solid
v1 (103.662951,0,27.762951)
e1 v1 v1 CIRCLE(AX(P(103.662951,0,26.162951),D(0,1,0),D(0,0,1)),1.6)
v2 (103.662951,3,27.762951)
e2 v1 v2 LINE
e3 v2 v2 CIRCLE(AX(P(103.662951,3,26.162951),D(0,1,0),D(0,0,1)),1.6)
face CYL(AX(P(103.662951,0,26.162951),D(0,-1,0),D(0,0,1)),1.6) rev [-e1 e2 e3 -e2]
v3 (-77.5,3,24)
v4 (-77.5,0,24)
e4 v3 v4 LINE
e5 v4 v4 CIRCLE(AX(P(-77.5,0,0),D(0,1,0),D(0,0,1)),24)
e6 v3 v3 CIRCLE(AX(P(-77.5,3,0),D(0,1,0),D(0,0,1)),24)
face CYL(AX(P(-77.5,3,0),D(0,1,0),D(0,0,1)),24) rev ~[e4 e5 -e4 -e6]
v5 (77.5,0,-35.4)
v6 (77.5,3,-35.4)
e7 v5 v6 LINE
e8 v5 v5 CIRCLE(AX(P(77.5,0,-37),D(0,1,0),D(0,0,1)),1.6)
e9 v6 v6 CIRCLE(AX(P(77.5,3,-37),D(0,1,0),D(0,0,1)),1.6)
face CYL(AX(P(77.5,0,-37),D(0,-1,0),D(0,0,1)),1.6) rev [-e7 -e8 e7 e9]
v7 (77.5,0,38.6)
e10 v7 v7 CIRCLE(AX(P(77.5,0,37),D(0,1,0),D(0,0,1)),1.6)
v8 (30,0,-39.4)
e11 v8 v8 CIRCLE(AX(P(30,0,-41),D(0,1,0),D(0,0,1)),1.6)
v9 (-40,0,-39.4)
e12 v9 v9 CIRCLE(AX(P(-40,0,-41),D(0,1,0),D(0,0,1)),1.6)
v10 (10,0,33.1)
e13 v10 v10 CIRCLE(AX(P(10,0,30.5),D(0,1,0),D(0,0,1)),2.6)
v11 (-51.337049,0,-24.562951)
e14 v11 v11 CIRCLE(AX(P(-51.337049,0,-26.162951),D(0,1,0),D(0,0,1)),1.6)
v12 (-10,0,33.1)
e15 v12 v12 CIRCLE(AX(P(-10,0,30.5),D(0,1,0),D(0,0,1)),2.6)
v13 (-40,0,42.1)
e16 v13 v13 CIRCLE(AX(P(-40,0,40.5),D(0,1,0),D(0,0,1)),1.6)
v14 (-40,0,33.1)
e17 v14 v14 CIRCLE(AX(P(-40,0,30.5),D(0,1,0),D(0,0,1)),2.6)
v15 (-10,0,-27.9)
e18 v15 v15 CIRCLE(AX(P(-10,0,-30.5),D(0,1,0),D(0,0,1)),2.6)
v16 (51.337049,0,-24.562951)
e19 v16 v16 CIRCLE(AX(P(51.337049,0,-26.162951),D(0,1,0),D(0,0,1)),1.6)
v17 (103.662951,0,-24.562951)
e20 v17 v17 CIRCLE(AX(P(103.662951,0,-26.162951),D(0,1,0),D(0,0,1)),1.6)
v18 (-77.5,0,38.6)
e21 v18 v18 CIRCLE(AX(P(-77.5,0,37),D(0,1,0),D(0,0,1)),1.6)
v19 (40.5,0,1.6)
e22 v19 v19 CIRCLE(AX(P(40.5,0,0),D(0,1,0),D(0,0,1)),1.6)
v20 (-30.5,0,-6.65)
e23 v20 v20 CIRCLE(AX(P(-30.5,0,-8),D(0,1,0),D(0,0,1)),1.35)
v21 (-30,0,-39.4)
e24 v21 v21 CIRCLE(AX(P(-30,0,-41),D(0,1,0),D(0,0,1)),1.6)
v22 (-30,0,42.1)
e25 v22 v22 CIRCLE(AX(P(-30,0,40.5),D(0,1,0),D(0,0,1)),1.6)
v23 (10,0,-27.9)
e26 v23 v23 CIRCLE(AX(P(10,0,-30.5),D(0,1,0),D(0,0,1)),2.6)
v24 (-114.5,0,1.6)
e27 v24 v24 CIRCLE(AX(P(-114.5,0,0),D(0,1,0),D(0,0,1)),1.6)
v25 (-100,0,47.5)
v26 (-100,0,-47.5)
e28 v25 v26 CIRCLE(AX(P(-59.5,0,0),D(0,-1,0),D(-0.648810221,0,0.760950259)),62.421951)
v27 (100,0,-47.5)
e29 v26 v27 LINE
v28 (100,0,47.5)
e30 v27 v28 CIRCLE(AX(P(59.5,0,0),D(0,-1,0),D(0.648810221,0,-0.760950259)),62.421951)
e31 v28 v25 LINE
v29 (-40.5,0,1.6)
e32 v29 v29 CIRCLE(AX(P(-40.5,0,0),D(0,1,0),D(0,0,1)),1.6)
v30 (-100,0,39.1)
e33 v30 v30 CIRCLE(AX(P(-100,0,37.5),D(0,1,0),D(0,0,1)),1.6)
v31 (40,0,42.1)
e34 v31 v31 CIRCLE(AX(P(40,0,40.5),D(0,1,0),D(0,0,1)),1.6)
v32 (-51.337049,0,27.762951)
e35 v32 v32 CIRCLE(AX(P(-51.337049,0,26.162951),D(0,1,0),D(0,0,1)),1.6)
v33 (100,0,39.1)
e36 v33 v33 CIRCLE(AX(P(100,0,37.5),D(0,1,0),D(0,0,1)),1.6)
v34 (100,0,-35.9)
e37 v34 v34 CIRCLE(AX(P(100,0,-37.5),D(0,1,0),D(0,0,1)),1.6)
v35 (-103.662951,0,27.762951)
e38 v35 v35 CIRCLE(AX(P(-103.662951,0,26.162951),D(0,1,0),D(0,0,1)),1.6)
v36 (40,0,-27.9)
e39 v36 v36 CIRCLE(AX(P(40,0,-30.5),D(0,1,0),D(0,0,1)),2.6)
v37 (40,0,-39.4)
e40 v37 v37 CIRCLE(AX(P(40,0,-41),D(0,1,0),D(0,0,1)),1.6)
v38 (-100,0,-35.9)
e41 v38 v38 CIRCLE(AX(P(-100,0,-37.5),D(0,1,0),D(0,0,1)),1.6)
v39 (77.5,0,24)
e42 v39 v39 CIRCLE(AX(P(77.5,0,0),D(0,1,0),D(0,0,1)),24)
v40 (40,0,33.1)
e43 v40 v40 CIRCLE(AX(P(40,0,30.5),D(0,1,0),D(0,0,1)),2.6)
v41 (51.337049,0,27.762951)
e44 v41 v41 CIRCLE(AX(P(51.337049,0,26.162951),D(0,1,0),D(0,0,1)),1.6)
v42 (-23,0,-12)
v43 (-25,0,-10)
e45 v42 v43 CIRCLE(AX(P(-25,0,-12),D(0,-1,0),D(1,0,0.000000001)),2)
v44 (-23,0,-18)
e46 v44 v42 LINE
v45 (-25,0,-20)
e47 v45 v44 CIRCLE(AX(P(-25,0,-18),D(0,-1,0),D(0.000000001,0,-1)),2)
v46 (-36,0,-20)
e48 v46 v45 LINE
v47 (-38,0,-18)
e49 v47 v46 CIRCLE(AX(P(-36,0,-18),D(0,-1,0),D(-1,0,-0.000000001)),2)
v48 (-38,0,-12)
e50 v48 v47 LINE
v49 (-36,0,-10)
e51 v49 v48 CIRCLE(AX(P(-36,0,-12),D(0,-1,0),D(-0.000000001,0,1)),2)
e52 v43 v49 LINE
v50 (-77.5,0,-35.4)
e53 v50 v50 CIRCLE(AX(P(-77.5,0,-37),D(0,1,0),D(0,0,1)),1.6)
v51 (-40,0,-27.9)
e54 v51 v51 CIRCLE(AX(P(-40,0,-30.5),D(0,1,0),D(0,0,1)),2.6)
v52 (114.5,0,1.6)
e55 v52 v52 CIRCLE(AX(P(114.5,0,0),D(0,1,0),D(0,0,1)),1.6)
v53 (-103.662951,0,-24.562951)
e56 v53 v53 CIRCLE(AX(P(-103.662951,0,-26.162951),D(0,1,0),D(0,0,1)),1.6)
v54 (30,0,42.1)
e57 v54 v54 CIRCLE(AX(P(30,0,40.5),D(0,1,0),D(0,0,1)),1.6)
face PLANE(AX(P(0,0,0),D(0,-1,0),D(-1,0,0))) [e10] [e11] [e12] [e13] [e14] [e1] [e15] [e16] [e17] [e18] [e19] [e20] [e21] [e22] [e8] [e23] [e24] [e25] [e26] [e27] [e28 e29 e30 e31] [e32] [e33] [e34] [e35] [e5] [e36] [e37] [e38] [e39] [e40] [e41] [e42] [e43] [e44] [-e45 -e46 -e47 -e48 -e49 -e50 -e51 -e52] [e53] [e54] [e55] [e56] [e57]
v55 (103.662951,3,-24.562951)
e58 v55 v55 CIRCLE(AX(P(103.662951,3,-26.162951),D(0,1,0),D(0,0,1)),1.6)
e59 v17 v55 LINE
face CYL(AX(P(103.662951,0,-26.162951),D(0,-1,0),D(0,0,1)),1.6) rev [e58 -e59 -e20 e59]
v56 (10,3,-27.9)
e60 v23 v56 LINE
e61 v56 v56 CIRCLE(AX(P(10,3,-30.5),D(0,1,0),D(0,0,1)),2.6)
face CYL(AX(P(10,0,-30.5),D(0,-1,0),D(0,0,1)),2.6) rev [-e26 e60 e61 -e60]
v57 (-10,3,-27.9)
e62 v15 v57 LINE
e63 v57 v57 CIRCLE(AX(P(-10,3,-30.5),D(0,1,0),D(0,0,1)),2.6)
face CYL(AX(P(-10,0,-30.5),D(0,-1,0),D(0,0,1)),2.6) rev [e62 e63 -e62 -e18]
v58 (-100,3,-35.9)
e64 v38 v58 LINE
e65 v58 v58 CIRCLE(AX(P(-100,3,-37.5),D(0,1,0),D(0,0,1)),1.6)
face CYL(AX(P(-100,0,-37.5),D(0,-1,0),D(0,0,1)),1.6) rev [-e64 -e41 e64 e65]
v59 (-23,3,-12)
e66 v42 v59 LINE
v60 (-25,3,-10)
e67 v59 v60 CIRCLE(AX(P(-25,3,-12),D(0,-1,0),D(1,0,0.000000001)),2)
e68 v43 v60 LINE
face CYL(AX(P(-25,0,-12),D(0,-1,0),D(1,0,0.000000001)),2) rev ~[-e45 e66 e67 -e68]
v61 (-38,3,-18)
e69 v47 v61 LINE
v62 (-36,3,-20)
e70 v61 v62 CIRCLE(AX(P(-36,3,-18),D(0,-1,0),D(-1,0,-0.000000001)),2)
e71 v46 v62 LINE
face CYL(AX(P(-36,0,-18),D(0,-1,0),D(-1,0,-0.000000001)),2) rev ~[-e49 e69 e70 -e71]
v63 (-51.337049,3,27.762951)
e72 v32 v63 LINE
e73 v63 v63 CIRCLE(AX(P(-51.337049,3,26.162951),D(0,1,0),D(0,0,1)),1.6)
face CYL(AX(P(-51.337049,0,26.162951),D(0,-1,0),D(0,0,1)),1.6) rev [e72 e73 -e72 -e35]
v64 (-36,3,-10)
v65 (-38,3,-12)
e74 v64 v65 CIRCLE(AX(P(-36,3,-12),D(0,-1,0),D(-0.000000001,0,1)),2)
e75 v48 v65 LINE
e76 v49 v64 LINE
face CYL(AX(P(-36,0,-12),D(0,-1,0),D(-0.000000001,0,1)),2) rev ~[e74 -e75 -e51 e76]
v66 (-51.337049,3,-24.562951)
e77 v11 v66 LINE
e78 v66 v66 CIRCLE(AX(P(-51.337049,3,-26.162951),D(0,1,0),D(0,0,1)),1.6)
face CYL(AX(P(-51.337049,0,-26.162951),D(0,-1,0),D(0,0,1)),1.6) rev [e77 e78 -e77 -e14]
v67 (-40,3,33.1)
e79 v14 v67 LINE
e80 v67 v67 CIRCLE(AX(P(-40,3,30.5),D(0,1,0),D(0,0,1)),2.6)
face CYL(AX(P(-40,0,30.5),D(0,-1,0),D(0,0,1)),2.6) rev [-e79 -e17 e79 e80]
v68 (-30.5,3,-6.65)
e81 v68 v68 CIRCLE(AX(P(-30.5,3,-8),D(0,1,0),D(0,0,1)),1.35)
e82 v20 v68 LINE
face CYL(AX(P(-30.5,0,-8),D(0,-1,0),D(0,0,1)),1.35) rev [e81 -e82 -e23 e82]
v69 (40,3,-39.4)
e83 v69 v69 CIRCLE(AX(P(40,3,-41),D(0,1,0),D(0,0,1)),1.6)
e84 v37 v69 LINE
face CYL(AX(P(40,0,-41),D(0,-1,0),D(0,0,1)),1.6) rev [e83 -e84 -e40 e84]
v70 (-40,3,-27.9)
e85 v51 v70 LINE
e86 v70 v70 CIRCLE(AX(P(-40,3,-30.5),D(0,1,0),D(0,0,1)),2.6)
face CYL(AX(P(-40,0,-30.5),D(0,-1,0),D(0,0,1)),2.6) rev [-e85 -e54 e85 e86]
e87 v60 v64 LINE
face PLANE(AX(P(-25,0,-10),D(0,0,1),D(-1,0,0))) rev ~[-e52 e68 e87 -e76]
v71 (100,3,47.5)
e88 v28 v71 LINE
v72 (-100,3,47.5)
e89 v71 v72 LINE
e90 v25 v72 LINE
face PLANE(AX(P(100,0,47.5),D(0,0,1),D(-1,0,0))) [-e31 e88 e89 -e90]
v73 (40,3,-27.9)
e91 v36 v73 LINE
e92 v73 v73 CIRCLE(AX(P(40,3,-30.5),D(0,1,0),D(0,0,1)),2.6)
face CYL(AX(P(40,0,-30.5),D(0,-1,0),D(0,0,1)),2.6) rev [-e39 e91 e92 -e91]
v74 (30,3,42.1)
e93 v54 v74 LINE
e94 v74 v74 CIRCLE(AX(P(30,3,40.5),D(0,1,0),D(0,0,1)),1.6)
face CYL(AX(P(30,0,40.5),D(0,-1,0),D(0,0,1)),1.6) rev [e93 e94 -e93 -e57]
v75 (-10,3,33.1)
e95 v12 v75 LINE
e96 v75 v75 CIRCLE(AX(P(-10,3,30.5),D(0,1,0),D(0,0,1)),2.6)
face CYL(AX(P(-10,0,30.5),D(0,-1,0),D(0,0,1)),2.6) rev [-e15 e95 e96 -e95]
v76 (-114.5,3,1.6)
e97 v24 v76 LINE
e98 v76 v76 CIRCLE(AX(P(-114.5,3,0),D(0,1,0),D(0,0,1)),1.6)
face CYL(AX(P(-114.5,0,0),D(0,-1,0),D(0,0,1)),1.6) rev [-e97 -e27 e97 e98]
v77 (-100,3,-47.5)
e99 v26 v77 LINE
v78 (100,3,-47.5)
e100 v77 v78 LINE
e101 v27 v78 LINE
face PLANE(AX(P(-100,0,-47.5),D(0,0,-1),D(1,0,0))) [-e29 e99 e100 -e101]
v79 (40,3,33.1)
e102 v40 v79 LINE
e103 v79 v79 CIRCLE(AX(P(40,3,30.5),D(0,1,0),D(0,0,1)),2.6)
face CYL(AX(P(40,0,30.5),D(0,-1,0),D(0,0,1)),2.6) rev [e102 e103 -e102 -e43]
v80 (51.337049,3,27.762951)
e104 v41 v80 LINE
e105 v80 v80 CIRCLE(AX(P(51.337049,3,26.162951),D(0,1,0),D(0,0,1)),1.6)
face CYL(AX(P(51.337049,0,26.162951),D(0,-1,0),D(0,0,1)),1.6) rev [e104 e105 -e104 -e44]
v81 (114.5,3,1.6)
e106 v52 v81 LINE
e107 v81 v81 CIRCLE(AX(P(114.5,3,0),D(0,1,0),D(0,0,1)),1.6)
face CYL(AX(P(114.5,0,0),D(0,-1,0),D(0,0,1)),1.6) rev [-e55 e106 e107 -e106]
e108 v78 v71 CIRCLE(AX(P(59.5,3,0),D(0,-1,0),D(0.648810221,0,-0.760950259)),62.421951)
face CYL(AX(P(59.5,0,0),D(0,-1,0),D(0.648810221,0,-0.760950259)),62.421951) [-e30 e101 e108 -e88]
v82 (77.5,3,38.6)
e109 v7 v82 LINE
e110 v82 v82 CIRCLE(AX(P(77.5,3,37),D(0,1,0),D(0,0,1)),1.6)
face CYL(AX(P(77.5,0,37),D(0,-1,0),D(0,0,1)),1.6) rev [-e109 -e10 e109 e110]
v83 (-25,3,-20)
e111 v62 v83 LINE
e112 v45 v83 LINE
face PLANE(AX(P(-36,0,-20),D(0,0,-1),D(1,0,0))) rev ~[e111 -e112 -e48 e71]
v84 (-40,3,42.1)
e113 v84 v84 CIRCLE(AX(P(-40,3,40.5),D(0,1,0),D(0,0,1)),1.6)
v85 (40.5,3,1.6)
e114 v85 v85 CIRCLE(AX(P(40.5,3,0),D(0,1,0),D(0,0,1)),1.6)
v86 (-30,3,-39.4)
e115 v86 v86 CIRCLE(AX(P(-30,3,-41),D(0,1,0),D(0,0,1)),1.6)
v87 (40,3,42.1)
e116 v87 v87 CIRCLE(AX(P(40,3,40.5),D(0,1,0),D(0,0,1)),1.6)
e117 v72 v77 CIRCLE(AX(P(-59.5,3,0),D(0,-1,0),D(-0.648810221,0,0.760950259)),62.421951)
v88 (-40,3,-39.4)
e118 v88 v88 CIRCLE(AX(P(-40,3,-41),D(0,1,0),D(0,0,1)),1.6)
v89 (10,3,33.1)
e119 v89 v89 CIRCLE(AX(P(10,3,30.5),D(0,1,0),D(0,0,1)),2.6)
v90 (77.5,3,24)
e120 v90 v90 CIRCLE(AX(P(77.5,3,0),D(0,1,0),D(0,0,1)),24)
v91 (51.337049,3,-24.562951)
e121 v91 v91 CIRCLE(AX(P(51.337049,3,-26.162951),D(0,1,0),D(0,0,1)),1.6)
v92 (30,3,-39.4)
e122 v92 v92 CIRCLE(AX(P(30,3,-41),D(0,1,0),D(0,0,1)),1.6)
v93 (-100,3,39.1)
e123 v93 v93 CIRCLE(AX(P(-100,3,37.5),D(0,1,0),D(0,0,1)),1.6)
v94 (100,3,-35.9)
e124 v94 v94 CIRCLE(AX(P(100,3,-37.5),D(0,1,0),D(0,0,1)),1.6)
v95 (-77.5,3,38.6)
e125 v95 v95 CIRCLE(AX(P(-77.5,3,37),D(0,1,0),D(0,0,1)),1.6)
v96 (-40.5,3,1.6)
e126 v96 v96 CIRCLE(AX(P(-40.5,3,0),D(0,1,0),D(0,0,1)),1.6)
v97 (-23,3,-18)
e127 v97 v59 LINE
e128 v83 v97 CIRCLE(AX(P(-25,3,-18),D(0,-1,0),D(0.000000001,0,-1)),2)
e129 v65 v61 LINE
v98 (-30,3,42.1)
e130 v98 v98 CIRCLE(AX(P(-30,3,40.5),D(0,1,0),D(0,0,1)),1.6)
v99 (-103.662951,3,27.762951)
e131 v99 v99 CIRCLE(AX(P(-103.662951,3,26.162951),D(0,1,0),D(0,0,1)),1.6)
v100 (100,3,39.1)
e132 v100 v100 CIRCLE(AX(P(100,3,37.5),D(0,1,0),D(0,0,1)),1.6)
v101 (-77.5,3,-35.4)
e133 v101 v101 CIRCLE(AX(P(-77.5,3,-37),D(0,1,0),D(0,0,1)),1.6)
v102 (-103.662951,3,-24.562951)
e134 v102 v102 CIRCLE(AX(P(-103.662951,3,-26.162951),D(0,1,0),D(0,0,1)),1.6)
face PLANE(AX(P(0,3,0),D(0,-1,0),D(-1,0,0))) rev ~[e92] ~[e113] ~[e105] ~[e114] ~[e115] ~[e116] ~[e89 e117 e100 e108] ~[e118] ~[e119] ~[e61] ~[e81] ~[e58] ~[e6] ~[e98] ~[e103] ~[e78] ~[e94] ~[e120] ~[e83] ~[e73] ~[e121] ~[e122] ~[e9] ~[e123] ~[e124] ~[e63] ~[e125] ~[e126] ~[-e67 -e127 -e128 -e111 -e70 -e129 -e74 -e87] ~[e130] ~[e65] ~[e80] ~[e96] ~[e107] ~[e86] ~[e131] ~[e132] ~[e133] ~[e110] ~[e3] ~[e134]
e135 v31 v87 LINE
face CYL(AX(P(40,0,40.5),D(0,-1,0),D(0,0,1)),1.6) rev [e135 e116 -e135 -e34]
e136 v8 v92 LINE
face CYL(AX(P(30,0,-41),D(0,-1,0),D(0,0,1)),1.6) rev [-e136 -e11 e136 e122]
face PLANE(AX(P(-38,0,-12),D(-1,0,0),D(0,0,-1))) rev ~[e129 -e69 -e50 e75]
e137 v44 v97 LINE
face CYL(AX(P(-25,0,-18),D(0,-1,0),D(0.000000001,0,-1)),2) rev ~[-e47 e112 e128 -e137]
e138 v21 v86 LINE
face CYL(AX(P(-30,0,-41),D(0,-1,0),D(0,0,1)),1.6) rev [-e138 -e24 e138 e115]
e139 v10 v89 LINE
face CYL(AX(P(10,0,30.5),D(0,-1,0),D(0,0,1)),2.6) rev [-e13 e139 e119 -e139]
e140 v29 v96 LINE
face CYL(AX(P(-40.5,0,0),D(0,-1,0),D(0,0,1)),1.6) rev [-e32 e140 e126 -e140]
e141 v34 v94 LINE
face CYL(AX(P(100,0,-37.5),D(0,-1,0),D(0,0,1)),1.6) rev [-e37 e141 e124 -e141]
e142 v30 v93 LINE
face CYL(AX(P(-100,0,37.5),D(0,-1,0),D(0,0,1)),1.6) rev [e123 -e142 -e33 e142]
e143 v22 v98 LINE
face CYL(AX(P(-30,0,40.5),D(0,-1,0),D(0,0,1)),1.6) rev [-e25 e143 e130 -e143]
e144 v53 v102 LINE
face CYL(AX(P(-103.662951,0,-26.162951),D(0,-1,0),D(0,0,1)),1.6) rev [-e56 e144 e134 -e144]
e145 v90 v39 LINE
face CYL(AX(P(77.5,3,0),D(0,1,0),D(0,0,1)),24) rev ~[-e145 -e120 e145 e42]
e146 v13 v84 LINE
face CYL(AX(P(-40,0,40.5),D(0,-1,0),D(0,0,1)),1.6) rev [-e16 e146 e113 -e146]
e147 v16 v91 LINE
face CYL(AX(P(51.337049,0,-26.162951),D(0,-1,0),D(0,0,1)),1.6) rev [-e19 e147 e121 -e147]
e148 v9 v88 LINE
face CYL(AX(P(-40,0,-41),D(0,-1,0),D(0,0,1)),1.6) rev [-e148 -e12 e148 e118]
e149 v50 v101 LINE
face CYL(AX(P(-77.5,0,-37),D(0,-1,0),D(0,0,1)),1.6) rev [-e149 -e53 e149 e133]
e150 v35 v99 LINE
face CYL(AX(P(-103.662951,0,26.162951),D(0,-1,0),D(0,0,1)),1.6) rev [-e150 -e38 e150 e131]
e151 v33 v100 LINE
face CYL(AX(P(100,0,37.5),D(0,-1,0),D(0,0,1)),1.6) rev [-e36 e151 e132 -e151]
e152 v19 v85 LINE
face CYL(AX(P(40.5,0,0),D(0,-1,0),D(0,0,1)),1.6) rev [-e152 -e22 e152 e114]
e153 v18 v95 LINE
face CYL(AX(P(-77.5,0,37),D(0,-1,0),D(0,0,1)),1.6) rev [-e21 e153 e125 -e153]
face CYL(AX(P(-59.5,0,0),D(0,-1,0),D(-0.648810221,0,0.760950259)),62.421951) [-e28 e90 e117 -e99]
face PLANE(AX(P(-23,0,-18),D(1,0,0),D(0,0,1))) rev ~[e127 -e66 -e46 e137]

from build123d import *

# Parameters (mm, degrees)
SKETCH_1_R          = 18
SKETCH_1_R_2        = 1.6
SKETCH_1_R_3        = 2.6
SKETCH_1_R_4        = 1.35
EXTRUDE_1_DEPTH     = 3
CUT_EXTRUDE_1_REACH = 132.882
SKETCH_2_R          = 24


with BuildPart() as part:
    # 草图1 → 凸台-拉伸1 (new body)
    with BuildSketch(Plane(origin=(0, 0, 0), x_dir=(1, 0, 0), z_dir=(0, 1, 0))):
        with BuildLine():
            Line((100, -47.5), (-100, -47.5))
            ThreePointArc((-100, -47.5), (-121.921951267, 0), (-100, 47.5))
            Line((-100, 47.5), (100, 47.5))
            ThreePointArc((100, 47.5), (121.921951267, 0), (100, -47.5))
        make_face()
        with Locations(Location((77.5, 0, 0), (0, 0, 270))):
            Circle(SKETCH_1_R, mode=Mode.SUBTRACT)
        with Locations(Location((77.5, 37, 0), (0, 0, 270))):
            Circle(SKETCH_1_R_2, mode=Mode.SUBTRACT)
        with Locations(Location((103.662950904, 26.162950904, 0), (0, 0, 270))):
            Circle(SKETCH_1_R_2, mode=Mode.SUBTRACT)
        with Locations(Location((114.5, 0, 0), (0, 0, 270))):
            Circle(SKETCH_1_R_2, mode=Mode.SUBTRACT)
        with Locations(Location((103.662950904, -26.162950904, 0), (0, 0, 270))):
            Circle(SKETCH_1_R_2, mode=Mode.SUBTRACT)
        with Locations(Location((77.5, -37, 0), (0, 0, 270))):
            Circle(SKETCH_1_R_2, mode=Mode.SUBTRACT)
        with Locations(Location((51.337049096, -26.162950904, 0), (0, 0, 270))):
            Circle(SKETCH_1_R_2, mode=Mode.SUBTRACT)
        with Locations(Location((40.5, 0, 0), (0, 0, 270))):
            Circle(SKETCH_1_R_2, mode=Mode.SUBTRACT)
        with Locations(Location((51.337049096, 26.162950904, 0), (0, 0, 270))):
            Circle(SKETCH_1_R_2, mode=Mode.SUBTRACT)
        with Locations(Location((-51.337049096, 26.162950904, 0), (0, 0, 270))):
            Circle(SKETCH_1_R_2, mode=Mode.SUBTRACT)
        with Locations(Location((-40.5, 0, 0), (0, 0, 270))):
            Circle(SKETCH_1_R_2, mode=Mode.SUBTRACT)
        with Locations(Location((-51.337049096, -26.162950904, 0), (0, 0, 270))):
            Circle(SKETCH_1_R_2, mode=Mode.SUBTRACT)
        with Locations(Location((-77.5, -37, 0), (0, 0, 270))):
            Circle(SKETCH_1_R_2, mode=Mode.SUBTRACT)
        with Locations(Location((-103.662950904, -26.162950904, 0), (0, 0, 270))):
            Circle(SKETCH_1_R_2, mode=Mode.SUBTRACT)
        with Locations(Location((-114.5, 0, 0), (0, 0, 270))):
            Circle(SKETCH_1_R_2, mode=Mode.SUBTRACT)
        with Locations(Location((-103.662950904, 26.162950904, 0), (0, 0, 270))):
            Circle(SKETCH_1_R_2, mode=Mode.SUBTRACT)
        with Locations(Location((-77.5, 37, 0), (0, 0, 270))):
            Circle(SKETCH_1_R_2, mode=Mode.SUBTRACT)
        with Locations(Location((-77.5, 0, 0), (0, 0, 270))):
            Circle(SKETCH_1_R, mode=Mode.SUBTRACT)
        with Locations(Location((-10, -30.5, 0), (0, 0, 270))):
            Circle(SKETCH_1_R_3, mode=Mode.SUBTRACT)
        with Locations(Location((10, -30.5, 0), (0, 0, 270))):
            Circle(SKETCH_1_R_3, mode=Mode.SUBTRACT)
        with Locations(Location((-40, -30.5, 0), (0, 0, 270))):
            Circle(SKETCH_1_R_3, mode=Mode.SUBTRACT)
        with Locations(Location((40, -30.5, 0), (0, 0, 270))):
            Circle(SKETCH_1_R_3, mode=Mode.SUBTRACT)
        with Locations(Location((40, 30.5, 0), (0, 0, 270))):
            Circle(SKETCH_1_R_3, mode=Mode.SUBTRACT)
        with Locations(Location((10, 30.5, 0), (0, 0, 270))):
            Circle(SKETCH_1_R_3, mode=Mode.SUBTRACT)
        with Locations(Location((-10, 30.5, 0), (0, 0, 270))):
            Circle(SKETCH_1_R_3, mode=Mode.SUBTRACT)
        with Locations(Location((-40, 30.5, 0), (0, 0, 270))):
            Circle(SKETCH_1_R_3, mode=Mode.SUBTRACT)
        with Locations(Location((-30, -40.5, 0), (0, 0, 270))):
            Circle(SKETCH_1_R_2, mode=Mode.SUBTRACT)
        with Locations(Location((-40, -40.5, 0), (0, 0, 270))):
            Circle(SKETCH_1_R_2, mode=Mode.SUBTRACT)
        with Locations(Location((40, -40.5, 0), (0, 0, 270))):
            Circle(SKETCH_1_R_2, mode=Mode.SUBTRACT)
        with Locations(Location((30, -40.5, 0), (0, 0, 270))):
            Circle(SKETCH_1_R_2, mode=Mode.SUBTRACT)
        with Locations(Location((-40, 41, 0), (0, 0, 270))):
            Circle(SKETCH_1_R_2, mode=Mode.SUBTRACT)
        with Locations(Location((-30, 41, 0), (0, 0, 270))):
            Circle(SKETCH_1_R_2, mode=Mode.SUBTRACT)
        with Locations(Location((30, 41, 0), (0, 0, 270))):
            Circle(SKETCH_1_R_2, mode=Mode.SUBTRACT)
        with Locations(Location((40, 41, 0), (0, 0, 270))):
            Circle(SKETCH_1_R_2, mode=Mode.SUBTRACT)
        with Locations(Location((100, 37.5, 0), (0, 0, 270))):
            Circle(SKETCH_1_R_2, mode=Mode.SUBTRACT)
        with Locations(Location((100, -37.5, 0), (0, 0, 270))):
            Circle(SKETCH_1_R_2, mode=Mode.SUBTRACT)
        with Locations(Location((-100, -37.5, 0), (0, 0, 270))):
            Circle(SKETCH_1_R_2, mode=Mode.SUBTRACT)
        with Locations(Location((-100, 37.5, 0), (0, 0, 270))):
            Circle(SKETCH_1_R_2, mode=Mode.SUBTRACT)
        with Locations(Location((-30.5, 8, 0), (0, 0, 270))):
            Circle(SKETCH_1_R_4, mode=Mode.SUBTRACT)
        with BuildLine():
            Line((-36, 20), (-25, 20))
            ThreePointArc((-25, 20), (-23.585786438, 19.414213562), (-23, 18))
            Line((-23, 18), (-23, 12))
            ThreePointArc((-23, 12), (-23.585786438, 10.585786438), (-25, 10))
            Line((-25, 10), (-36, 10))
            ThreePointArc((-36, 10), (-37.414213562, 10.585786438), (-38, 12))
            Line((-38, 12), (-38, 18))
            ThreePointArc((-38, 18), (-37.414213562, 19.414213562), (-36, 20))
        make_face(mode=Mode.SUBTRACT)
    extrude(amount=EXTRUDE_1_DEPTH)

    # 草图2 → 切除-拉伸1 (cut, up to next)
    with BuildSketch(Plane(origin=(0, 3, 0), x_dir=(1, 0, 0), z_dir=(0, 1, 0)), mode=Mode.PRIVATE) as cut_extrude_1_sk1:
        with Locations(Location((77.5, 0, 0), (0, 0, 270))):
            Circle(SKETCH_2_R)
    cut_extrude_1_tool1 = extrude(cut_extrude_1_sk1.sketch, amount=-CUT_EXTRUDE_1_REACH, mode=Mode.PRIVATE) & part.part
    # 草图2 → 切除-拉伸1 (cut, up to next)
    with BuildSketch(Plane(origin=(0, 3, 0), x_dir=(1, 0, 0), z_dir=(0, 1, 0)), mode=Mode.PRIVATE) as cut_extrude_1_sk2:
        with Locations(Location((-77.5, 0, 0), (0, 0, 270))):
            Circle(SKETCH_2_R)
    cut_extrude_1_tool2 = extrude(cut_extrude_1_sk2.sketch, amount=-CUT_EXTRUDE_1_REACH, mode=Mode.PRIVATE) & part.part
    add(cut_extrude_1_tool1.solids().sort_by_distance((77.5, 3, 0))[0], mode=Mode.SUBTRACT)
    add(cut_extrude_1_tool2.solids().sort_by_distance((-77.5, 3, 0))[0], mode=Mode.SUBTRACT)


solid = part.part
